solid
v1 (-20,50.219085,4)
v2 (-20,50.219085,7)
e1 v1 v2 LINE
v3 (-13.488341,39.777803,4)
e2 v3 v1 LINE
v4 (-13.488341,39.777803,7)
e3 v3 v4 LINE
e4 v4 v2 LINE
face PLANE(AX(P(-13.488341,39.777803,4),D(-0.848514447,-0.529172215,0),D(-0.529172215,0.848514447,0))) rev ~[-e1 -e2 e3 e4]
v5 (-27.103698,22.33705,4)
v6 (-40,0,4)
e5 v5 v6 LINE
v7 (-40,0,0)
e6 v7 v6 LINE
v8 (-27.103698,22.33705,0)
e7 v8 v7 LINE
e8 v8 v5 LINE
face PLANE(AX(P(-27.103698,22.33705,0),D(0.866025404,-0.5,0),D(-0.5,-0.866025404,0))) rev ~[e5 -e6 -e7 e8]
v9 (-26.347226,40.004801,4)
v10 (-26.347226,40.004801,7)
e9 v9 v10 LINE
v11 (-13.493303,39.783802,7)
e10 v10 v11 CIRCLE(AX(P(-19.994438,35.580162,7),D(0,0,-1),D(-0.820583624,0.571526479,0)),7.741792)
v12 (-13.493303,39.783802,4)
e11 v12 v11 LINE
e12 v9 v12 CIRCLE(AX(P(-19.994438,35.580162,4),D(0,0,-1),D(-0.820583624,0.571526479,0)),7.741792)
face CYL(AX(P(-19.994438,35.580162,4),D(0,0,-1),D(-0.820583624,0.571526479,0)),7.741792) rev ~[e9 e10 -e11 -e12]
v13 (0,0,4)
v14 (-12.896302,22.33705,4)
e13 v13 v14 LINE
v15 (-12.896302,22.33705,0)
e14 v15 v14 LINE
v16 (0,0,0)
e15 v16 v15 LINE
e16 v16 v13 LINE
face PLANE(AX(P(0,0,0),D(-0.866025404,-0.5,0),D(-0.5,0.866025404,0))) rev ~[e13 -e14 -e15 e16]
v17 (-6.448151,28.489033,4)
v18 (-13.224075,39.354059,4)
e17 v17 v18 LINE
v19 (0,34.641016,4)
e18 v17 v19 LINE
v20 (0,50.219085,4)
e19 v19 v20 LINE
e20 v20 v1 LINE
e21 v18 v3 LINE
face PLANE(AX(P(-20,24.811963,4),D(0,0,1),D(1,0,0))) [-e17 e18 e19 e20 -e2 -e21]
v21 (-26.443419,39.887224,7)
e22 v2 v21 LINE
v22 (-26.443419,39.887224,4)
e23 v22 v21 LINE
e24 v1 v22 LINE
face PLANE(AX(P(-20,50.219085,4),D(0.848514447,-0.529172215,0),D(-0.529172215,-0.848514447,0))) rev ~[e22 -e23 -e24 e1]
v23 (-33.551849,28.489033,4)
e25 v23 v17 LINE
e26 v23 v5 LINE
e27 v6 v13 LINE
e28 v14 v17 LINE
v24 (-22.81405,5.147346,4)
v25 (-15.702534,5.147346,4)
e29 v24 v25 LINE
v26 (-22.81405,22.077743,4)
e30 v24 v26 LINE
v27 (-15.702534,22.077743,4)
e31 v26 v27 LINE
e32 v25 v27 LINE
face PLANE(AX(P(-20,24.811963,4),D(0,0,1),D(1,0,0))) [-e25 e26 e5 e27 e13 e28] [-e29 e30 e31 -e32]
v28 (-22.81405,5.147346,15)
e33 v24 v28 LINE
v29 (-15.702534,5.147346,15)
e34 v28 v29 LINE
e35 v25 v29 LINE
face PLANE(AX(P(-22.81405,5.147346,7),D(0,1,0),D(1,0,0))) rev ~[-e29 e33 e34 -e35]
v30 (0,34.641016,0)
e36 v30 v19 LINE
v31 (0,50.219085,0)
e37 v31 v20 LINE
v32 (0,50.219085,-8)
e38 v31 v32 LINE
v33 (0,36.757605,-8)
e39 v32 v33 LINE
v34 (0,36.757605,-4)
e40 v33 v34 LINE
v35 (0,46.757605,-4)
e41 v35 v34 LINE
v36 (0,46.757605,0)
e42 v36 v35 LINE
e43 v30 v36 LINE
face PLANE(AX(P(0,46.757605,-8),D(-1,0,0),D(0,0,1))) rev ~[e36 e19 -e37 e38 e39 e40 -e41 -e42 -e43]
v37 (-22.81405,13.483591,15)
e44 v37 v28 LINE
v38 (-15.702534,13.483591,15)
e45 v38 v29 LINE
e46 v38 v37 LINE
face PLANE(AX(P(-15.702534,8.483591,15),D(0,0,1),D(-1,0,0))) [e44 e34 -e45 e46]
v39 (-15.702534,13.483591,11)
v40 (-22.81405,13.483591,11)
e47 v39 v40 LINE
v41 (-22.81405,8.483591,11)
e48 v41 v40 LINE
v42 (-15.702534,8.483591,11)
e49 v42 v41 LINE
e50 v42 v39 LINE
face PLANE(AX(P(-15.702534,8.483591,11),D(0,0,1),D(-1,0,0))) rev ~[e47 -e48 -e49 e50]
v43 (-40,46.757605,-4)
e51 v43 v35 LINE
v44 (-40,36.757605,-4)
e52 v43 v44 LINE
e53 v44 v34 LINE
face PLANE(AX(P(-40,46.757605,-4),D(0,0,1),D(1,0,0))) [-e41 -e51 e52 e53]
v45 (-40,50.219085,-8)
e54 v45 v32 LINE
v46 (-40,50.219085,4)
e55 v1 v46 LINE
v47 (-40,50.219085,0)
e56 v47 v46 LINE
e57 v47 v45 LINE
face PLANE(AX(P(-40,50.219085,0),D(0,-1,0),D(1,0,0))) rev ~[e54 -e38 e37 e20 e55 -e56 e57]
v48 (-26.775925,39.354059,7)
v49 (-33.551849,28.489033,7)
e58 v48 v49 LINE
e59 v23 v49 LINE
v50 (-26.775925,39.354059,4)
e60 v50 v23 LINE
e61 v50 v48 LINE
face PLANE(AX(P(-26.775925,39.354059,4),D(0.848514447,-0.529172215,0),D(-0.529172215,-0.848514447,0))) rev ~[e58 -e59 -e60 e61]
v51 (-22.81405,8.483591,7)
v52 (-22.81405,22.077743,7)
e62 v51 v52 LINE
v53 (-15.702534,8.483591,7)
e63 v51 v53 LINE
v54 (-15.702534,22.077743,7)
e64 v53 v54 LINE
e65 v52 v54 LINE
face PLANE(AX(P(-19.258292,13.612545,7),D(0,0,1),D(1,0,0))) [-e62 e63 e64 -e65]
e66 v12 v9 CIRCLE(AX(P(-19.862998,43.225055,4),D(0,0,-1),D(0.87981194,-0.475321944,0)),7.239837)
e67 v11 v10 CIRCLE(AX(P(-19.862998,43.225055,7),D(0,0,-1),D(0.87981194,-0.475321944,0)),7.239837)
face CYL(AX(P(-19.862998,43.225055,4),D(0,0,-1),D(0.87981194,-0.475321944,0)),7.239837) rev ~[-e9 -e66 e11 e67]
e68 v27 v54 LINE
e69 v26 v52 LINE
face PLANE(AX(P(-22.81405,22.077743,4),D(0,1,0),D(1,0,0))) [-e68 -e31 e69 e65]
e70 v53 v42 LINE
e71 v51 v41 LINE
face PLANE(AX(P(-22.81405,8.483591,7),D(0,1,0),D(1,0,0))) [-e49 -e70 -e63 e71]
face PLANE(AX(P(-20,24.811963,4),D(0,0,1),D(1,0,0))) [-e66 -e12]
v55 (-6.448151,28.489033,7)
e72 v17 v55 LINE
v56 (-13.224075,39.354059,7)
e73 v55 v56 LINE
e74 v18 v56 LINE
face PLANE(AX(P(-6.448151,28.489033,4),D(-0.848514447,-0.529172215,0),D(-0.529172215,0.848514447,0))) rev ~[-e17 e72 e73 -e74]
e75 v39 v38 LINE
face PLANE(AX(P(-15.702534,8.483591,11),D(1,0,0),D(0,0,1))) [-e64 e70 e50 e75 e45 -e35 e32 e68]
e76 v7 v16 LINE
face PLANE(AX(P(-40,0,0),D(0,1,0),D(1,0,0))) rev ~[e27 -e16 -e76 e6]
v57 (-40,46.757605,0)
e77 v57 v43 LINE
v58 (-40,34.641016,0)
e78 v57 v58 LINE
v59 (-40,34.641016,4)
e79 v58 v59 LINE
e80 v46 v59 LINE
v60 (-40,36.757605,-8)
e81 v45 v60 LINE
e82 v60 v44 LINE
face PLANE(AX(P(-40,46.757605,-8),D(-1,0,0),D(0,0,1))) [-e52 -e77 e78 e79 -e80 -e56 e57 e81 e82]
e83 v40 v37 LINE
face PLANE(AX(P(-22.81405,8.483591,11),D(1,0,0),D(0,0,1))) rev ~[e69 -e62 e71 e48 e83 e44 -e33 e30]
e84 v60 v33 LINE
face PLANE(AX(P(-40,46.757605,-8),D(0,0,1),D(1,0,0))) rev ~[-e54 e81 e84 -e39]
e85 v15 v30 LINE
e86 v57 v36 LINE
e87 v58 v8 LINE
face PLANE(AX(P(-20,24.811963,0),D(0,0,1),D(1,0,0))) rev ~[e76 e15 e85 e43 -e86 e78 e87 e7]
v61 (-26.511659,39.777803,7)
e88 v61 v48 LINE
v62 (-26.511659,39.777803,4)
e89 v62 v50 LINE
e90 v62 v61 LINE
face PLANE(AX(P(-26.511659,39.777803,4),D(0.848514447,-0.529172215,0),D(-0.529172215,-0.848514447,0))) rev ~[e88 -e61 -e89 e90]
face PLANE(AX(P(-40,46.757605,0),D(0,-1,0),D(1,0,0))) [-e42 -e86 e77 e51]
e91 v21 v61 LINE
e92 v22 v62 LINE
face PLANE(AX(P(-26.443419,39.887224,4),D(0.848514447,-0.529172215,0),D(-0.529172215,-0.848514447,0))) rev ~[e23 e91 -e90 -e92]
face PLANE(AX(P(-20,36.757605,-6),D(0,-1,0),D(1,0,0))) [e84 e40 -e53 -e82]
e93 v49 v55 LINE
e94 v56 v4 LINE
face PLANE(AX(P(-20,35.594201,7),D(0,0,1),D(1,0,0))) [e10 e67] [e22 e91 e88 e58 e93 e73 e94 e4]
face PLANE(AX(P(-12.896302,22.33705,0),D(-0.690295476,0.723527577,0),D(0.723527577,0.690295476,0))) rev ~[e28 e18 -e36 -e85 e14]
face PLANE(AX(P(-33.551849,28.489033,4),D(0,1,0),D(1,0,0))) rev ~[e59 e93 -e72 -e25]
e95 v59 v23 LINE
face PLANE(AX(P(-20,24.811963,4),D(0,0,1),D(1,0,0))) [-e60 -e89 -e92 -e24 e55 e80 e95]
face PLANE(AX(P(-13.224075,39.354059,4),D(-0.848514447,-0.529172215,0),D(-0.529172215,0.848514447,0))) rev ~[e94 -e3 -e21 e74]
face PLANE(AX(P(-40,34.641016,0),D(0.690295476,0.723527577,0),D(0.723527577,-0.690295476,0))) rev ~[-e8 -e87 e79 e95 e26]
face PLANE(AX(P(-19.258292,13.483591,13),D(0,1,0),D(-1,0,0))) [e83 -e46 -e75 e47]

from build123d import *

# Parameters (mm, degrees)
F1_DEPTH  = 4
F2_W      = 40
F2_H      = 3.4614801407
F3_DEPTH  = 8
F4_W      = 40
F4_H      = 4
F5_DEPTH  = 10
F6_W      = 7.1115158498
F6_H      = 16.9303966686
F7_DEPTH  = 3
F8_W      = 7.1115158498
F8_H      = 3.3362442628
F9_DEPTH  = 8
F10_W     = 7.1115158498
F10_H     = 4
F11_DEPTH = 5
F13_DEPTH = 3


with BuildPart() as f1:
    # F0 (on Top) → F1 (new body)
    with BuildSketch(Plane.XY):
        Polygon((-40, 0), (0, 0), (-12.8963018344, 22.337050007), (0, 34.6410161514), (0, 50.2190850675), (-40, 50.2190850675), (-40, 34.6410161514), (-27.1036981656, 22.337050007), align=None)
    extrude(amount=F1_DEPTH)

    # F2 (on face) → F3 (join)
    with BuildSketch(Plane(origin=(0, 0, 0), x_dir=(1, 0, 0), z_dir=(0, 0, -1))):
        with Locations((-20, -48.4883449972)):
            Rectangle(F2_W, F2_H)
    extrude(amount=F3_DEPTH)

    # F4 (on face) → F5 (join)
    with BuildSketch(Plane.XZ.offset(-46.7576049268)):
        with Locations((-20, -6)):
            Rectangle(F4_W, F4_H)
    extrude(amount=F5_DEPTH)

    # F6 (on face) → F7 (join)
    with BuildSketch(Plane.XY.offset(4)):
        with Locations((-19.2582923919, 13.6125446297)):
            Rectangle(F6_W, F6_H)
    extrude(amount=F7_DEPTH)

    # F8 (on face) → F9 (join)
    with BuildSketch(Plane.XY.offset(7)):
        with Locations((-19.2582923919, 6.8154684268)):
            Rectangle(F8_W, F8_H)
    extrude(amount=F9_DEPTH)

    # F10 (on face) → F11 (join)
    with BuildSketch(Plane(origin=(0, 8.4835905582, 0), x_dir=(-1, 0, 0), z_dir=(0, 1, 0))):
        with Locations((19.2582923919, 13)):
            Rectangle(F10_W, F10_H)
    extrude(amount=F11_DEPTH)

    # F12 (on face) → F13 (join)
    with BuildSketch(Plane.XY.offset(4)):
        Polygon((-20, 50.2190850675), (-26.4434188207, 39.887223703), (-26.5116588016, 39.7778025957), (-26.7759245414, 39.3540590733), (-33.5518490828, 28.4890330792), (-6.4481509172, 28.4890330792), (-13.2240754586, 39.3540590733), (-13.4883411984, 39.7778025957), align=None)
        with BuildLine():
            ThreePointArc((-26.3472255319, 40.0048010051), (-19.8613519763, 43.32080982), (-13.4933032095, 39.7838018835))
            ThreePointArc((-13.4933032095, 39.7838018835), (-19.9874553417, 35.9862880757), (-26.3472255319, 40.0048010051))
        make_face(mode=Mode.SUBTRACT)
    extrude(amount=F13_DEPTH)


solid = f1.part
